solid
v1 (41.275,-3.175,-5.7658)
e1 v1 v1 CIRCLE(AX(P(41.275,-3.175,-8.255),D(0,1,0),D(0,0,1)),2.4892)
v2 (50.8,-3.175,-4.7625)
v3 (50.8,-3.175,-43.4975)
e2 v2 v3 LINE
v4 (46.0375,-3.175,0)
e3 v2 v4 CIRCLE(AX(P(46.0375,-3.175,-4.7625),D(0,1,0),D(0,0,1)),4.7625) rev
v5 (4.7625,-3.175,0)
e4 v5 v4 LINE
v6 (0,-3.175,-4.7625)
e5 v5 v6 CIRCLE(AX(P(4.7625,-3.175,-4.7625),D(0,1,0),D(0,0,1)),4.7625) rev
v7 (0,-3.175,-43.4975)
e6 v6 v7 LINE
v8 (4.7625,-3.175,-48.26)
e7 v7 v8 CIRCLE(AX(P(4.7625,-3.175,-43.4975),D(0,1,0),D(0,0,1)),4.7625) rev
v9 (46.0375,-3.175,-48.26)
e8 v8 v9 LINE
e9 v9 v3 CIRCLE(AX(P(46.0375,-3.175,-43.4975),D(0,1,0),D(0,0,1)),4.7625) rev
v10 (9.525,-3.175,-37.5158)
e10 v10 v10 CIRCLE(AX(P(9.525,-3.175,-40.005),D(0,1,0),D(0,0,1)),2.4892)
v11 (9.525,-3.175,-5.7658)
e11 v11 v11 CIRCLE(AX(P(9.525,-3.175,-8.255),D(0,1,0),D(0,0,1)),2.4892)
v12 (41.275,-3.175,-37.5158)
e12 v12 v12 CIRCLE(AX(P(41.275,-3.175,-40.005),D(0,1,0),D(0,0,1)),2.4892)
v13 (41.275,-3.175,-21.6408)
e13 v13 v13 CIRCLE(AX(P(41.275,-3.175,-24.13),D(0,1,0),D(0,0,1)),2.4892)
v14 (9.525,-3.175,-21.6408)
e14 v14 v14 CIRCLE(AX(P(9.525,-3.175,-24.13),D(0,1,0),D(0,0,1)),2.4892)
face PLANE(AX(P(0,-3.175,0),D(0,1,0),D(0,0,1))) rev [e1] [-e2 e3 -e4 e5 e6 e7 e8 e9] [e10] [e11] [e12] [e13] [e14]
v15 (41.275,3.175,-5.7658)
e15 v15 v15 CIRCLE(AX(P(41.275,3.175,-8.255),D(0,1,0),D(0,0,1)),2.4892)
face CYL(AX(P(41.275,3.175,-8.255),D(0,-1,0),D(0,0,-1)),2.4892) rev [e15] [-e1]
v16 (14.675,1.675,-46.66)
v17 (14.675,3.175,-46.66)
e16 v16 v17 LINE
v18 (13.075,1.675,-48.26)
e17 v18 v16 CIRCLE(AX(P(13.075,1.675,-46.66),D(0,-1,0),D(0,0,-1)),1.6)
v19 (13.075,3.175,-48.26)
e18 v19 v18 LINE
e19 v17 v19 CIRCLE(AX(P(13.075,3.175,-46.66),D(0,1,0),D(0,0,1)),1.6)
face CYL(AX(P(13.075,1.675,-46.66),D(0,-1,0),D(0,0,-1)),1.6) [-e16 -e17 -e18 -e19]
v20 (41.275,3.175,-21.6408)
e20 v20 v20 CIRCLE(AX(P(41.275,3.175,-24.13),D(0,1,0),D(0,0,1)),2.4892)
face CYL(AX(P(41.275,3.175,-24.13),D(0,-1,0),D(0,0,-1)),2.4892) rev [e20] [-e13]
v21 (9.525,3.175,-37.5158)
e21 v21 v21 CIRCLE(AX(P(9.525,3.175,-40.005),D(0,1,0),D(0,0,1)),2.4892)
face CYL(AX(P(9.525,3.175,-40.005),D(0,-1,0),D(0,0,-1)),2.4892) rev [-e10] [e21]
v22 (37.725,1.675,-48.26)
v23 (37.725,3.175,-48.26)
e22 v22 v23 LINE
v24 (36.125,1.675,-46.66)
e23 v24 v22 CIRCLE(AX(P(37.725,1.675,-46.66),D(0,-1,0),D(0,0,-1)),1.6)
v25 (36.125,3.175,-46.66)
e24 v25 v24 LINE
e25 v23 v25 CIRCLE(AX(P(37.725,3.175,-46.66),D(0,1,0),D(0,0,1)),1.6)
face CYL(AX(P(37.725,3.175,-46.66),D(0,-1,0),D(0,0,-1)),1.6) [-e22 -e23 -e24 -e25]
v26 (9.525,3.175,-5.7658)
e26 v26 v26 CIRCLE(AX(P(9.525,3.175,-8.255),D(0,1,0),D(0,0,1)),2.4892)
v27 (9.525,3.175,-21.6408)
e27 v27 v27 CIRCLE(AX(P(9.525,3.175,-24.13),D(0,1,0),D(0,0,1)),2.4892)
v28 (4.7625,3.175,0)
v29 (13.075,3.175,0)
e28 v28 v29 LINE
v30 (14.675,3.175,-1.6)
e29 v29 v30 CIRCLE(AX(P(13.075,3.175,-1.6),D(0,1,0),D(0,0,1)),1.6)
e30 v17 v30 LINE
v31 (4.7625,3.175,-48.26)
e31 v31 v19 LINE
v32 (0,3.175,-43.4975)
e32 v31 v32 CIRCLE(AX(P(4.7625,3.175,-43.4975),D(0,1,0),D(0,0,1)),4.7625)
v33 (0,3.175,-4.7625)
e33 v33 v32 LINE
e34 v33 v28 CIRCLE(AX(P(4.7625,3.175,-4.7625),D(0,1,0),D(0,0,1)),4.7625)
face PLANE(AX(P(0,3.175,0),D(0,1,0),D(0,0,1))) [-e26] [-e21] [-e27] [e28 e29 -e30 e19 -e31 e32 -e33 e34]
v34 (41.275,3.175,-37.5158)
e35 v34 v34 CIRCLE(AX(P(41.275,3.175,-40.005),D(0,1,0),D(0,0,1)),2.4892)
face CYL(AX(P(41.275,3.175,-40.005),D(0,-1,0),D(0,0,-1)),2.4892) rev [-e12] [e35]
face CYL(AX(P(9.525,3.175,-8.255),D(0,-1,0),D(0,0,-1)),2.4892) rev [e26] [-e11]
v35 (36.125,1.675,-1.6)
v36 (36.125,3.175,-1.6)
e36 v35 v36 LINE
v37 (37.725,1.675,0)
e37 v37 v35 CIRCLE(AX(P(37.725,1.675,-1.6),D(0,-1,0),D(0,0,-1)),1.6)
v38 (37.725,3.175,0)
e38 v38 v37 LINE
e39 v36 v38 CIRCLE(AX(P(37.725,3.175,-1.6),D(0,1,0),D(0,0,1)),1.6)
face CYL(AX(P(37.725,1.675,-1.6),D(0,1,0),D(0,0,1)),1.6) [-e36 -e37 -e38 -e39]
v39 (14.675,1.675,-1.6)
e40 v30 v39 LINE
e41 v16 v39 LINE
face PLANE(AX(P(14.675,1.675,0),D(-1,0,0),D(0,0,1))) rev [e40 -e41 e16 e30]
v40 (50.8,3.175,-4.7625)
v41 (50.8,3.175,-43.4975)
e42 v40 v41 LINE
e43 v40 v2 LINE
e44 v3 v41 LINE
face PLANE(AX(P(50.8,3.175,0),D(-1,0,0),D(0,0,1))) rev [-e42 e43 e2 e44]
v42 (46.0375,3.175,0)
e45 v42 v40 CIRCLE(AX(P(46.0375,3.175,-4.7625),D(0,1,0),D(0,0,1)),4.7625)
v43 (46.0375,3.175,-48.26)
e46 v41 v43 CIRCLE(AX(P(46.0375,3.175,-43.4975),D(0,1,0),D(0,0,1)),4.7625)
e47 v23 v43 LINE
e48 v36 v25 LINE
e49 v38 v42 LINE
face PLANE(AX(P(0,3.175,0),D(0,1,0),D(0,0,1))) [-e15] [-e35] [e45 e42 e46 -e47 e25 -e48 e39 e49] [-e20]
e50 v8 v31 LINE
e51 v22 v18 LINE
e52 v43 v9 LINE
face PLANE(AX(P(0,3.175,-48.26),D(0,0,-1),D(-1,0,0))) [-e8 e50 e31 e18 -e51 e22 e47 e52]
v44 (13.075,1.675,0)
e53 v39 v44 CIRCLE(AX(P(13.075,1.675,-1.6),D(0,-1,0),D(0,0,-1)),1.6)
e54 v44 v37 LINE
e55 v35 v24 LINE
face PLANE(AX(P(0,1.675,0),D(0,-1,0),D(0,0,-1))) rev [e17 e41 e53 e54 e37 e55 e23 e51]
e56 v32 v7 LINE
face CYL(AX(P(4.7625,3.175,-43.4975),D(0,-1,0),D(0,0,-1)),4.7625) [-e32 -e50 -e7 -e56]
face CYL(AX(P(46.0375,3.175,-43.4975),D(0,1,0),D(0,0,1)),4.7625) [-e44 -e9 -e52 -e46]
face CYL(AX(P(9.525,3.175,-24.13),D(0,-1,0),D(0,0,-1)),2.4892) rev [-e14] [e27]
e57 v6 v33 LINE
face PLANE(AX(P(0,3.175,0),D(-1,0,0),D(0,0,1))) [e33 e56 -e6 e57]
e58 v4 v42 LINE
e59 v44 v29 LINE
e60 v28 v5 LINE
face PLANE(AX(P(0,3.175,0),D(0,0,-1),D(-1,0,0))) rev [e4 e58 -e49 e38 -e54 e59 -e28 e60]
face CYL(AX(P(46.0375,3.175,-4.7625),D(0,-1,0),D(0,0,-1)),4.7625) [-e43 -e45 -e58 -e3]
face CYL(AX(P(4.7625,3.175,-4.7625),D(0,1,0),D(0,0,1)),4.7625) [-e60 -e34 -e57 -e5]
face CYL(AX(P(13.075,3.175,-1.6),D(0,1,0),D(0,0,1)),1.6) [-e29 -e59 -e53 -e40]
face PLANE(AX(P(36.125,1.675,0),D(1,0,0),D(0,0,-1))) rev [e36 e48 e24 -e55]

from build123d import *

# Parameters (mm, degrees)
SKETCH1_W           = 50.8
SKETCH1_H           = 48.26
SKETCH1_R           = 2.4892
BOSS_EXTRUDE1_DEPTH = 3.175
FILLET1_R           = 4.7625
SKETCH3_W           = 21.450000026
SKETCH3_H           = 48.26
CUT_EXTRUDE2_DEPTH  = 1.499999794
FILLET2_R           = 1.600000102


with BuildPart() as part:
    # Sketch1 → Boss-Extrude1 (new, symmetric)
    with BuildSketch(Plane(origin=(0, 0, 0), x_dir=(1, 0, 0), z_dir=(0, 1, 0))):
        with Locations((25.4, 24.13)):
            Rectangle(SKETCH1_W, SKETCH1_H)
        with Locations(Location((9.525, 8.255, 0), (0, 0, 270))):
            Circle(SKETCH1_R, mode=Mode.SUBTRACT)
        with Locations(Location((9.525, 24.13, 0), (0, 0, 270))):
            Circle(SKETCH1_R, mode=Mode.SUBTRACT)
        with Locations(Location((9.525, 40.005, 0), (0, 0, 270))):
            Circle(SKETCH1_R, mode=Mode.SUBTRACT)
        with Locations(Location((41.275, 24.13, 0), (0, 0, 270))):
            Circle(SKETCH1_R, mode=Mode.SUBTRACT)
        with Locations(Location((41.275, 40.005, 0), (0, 0, 270))):
            Circle(SKETCH1_R, mode=Mode.SUBTRACT)
        with Locations(Location((41.275, 8.255, 0), (0, 0, 270))):
            Circle(SKETCH1_R, mode=Mode.SUBTRACT)
    extrude(amount=BOSS_EXTRUDE1_DEPTH, both=True)

    # Fillet1
    fillet1_edges = [part.edges().sort_by_distance(p)[0] for p in [
        (0, 0, 0),
        (0, 0, -48.26),
        (50.8, 0, -48.26),
        (50.8, 0, 0),
    ]]
    fillet(fillet1_edges, radius=FILLET1_R)

    # Sketch3 → Cut-Extrude2 (cut)
    with BuildSketch(Plane(origin=(0, 3.175, 0), x_dir=(1, 0, 0), z_dir=(0, 1, 0))):
        with Locations((25.4, 24.13)):
            Rectangle(SKETCH3_W, SKETCH3_H)
    extrude(amount=-CUT_EXTRUDE2_DEPTH, mode=Mode.SUBTRACT)

    # Fillet2
    fillet2_edges = [part.edges().sort_by_distance(p)[0] for p in [
        (14.674999987, 2.425000103, 0),
        (14.674999987, 2.425000103, -48.26),
        (36.125000013, 2.425000103, -48.26),
        (36.125000013, 2.425000103, 0),
    ]]
    fillet(fillet2_edges, radius=FILLET2_R)


solid = part.part
